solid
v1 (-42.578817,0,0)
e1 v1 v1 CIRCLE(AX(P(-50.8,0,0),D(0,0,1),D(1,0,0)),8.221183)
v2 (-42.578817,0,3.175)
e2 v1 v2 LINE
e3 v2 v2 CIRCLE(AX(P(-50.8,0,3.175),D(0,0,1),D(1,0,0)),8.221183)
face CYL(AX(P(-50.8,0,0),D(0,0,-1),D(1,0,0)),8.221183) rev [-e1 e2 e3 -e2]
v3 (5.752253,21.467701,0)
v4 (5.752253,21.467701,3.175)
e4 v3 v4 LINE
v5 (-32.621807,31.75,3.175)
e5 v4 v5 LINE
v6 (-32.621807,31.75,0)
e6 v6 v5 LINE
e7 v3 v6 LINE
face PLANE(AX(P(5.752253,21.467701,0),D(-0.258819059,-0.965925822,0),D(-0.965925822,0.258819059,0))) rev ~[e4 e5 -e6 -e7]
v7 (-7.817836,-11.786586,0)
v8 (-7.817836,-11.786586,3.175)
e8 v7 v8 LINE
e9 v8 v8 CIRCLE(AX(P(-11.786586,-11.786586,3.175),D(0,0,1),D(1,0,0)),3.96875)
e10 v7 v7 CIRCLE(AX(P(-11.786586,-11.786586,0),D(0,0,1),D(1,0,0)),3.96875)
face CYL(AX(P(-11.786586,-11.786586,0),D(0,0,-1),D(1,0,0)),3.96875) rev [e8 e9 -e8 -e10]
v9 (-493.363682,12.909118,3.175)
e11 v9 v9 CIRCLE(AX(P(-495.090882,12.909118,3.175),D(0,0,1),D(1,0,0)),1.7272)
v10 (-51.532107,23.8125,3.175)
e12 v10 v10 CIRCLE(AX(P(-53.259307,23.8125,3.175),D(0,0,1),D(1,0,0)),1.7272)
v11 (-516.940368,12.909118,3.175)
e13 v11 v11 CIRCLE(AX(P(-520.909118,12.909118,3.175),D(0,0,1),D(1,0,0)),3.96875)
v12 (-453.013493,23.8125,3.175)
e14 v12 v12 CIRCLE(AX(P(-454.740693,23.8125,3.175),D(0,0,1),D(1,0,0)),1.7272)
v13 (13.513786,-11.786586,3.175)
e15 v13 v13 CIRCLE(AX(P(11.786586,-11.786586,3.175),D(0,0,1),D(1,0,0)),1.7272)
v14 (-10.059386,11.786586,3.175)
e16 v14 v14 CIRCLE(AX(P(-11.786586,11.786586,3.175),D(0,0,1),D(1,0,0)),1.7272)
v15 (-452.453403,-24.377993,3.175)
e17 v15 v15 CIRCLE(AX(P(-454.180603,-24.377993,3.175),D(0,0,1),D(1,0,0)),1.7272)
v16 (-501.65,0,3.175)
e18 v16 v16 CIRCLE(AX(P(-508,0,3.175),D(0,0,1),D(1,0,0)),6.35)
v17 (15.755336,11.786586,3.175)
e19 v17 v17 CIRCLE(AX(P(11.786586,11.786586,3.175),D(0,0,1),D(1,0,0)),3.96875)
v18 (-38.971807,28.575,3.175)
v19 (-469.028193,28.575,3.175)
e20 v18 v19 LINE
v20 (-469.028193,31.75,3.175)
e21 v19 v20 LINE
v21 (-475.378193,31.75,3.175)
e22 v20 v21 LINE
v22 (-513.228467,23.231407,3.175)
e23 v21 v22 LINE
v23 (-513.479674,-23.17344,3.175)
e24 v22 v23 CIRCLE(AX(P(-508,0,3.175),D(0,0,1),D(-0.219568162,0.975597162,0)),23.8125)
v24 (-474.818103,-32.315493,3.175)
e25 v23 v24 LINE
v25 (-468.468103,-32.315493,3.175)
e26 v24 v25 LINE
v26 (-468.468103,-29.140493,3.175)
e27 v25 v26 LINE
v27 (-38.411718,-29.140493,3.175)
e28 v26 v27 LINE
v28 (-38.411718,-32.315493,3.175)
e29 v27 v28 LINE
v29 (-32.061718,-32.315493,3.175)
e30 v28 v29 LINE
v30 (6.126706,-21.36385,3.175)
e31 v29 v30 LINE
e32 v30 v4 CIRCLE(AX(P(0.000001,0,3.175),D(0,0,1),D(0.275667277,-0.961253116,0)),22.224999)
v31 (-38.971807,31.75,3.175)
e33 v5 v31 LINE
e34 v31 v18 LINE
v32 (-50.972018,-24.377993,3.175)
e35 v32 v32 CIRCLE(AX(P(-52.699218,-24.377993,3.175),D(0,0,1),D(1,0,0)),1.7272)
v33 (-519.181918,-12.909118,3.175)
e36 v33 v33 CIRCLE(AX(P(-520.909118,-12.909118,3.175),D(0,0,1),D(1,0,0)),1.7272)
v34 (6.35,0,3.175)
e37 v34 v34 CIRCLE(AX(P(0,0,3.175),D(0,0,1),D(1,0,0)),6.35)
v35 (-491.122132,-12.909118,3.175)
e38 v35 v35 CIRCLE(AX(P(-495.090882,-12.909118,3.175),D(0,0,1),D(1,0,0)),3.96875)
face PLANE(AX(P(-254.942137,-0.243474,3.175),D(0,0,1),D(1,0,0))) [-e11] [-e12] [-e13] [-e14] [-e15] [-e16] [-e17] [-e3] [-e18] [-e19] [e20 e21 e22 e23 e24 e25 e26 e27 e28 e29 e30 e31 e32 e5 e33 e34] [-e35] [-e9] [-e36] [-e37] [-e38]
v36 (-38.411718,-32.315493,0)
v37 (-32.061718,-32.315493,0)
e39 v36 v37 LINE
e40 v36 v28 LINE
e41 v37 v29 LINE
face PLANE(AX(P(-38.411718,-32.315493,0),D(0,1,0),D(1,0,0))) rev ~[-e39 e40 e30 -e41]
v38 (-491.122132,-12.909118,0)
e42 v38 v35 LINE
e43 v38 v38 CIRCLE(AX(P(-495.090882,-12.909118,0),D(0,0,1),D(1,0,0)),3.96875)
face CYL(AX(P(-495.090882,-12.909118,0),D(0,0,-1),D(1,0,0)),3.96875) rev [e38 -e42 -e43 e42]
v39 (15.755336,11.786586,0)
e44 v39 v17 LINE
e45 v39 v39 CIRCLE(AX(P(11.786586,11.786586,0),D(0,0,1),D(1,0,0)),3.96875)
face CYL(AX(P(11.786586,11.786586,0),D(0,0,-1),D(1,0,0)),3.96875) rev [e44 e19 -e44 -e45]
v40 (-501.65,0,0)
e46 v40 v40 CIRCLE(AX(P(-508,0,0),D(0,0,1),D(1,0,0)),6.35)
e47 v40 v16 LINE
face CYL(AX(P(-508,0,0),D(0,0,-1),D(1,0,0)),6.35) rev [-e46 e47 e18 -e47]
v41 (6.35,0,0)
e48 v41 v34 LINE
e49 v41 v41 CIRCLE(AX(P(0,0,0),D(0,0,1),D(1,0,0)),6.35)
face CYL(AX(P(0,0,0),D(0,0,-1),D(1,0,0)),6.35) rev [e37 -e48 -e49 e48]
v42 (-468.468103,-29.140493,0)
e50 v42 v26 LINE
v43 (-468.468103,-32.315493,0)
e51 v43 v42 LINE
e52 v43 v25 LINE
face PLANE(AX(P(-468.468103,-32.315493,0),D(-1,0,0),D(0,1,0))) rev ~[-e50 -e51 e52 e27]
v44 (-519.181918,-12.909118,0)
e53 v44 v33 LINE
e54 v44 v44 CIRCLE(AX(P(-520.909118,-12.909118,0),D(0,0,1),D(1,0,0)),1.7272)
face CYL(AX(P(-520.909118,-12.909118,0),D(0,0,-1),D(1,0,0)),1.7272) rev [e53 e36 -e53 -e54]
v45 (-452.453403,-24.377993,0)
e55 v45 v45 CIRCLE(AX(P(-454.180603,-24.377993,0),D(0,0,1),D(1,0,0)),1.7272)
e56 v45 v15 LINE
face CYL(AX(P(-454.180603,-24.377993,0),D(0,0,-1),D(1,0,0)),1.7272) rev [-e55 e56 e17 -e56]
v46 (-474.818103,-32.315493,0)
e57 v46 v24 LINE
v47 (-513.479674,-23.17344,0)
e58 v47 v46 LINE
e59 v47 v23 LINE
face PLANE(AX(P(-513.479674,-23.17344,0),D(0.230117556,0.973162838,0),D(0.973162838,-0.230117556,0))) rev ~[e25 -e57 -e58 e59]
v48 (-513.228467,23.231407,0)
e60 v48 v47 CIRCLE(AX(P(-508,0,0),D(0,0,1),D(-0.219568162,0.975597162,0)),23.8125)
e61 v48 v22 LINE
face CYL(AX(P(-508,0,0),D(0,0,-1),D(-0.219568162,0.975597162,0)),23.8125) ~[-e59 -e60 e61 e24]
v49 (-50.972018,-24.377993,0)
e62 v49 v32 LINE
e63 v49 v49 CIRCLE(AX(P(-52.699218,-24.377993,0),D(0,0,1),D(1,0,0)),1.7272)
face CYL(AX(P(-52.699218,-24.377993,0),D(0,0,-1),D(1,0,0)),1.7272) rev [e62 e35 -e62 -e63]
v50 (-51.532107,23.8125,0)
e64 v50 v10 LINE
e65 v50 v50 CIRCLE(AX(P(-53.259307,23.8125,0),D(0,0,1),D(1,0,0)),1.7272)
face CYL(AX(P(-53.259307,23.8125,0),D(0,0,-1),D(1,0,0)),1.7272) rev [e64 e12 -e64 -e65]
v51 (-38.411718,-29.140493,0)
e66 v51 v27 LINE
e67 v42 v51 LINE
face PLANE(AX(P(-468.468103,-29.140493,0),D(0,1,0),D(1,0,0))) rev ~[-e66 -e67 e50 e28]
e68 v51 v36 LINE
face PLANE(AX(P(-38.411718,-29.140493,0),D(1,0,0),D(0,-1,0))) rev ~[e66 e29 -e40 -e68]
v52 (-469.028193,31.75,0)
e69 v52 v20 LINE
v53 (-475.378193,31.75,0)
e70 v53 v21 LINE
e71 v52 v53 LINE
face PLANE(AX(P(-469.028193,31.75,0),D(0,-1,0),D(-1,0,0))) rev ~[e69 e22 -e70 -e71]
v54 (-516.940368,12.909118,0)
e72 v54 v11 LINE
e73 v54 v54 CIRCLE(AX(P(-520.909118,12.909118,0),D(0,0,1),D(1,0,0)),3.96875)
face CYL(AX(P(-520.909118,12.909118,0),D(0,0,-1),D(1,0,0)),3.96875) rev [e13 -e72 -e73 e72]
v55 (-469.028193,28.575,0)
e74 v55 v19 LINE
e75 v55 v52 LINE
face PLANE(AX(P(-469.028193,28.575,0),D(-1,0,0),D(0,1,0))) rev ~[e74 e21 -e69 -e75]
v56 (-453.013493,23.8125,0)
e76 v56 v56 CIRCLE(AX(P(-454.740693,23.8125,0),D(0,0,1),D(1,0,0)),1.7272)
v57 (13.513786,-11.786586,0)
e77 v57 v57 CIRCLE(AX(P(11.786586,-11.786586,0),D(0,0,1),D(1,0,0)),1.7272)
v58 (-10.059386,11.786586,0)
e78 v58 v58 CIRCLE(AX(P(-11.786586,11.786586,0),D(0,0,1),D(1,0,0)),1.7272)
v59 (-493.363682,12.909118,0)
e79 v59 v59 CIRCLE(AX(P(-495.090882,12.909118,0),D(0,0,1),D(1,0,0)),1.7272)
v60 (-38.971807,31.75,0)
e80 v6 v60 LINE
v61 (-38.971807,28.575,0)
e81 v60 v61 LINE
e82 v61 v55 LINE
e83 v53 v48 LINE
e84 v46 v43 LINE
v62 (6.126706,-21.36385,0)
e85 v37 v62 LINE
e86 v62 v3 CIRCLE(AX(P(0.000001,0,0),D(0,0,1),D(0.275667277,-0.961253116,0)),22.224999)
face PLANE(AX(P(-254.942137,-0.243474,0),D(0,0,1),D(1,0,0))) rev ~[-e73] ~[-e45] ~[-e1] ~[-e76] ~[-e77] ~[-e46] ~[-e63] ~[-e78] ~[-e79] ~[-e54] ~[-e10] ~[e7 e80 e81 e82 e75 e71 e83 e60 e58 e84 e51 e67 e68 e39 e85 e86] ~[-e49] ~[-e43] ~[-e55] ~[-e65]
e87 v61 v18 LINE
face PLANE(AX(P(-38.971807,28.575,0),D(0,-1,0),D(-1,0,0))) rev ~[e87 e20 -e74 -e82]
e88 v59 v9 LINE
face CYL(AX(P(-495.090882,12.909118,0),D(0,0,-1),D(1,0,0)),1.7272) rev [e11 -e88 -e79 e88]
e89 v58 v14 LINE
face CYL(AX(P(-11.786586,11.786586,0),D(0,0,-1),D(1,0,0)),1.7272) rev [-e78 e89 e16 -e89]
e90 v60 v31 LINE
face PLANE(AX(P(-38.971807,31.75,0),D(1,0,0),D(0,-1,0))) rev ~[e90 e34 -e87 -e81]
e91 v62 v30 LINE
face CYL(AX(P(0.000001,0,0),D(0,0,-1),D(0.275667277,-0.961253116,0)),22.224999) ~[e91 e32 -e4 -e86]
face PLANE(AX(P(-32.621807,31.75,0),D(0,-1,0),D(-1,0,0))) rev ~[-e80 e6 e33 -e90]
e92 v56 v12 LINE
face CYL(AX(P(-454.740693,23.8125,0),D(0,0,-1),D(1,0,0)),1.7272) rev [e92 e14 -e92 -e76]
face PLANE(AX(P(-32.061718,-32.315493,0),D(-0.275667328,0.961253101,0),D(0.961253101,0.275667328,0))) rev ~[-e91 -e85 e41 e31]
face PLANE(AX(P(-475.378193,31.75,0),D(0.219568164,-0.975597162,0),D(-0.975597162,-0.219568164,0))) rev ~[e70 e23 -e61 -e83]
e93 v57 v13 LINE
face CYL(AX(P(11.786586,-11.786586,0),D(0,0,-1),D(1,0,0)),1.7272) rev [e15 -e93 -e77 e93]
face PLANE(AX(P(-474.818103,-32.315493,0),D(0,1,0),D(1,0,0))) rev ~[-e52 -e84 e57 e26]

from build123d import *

# Parameters (mm, degrees)
F0_R     = 1.7272
F0_R_2   = 3.96875
F0_R_3   = 6.35
F0_R_4   = 8.221183
F1_DEPTH = 3.175


with BuildPart() as f1:
    # F0 (on Top) → F1 (new body)
    with BuildSketch(Plane.XY):
        with BuildLine():
            Line((-475.378193, 31.75), (-513.228467, 23.231407))
            ThreePointArc((-513.228467, 23.231407), (-531.812151, 0.128904), (-513.479674, -23.17344))
            Line((-513.479674, -23.17344), (-474.818103, -32.315493))
            Line((-474.818103, -32.315493), (-468.468103, -32.315493))
            Line((-468.468103, -32.315493), (-468.468103, -29.140493))
            Line((-468.468103, -29.140493), (-38.411718, -29.140493))
            Line((-38.411718, -29.140493), (-38.411718, -32.315493))
            Line((-38.411718, -32.315493), (-32.061718, -32.315493))
            Line((-32.061718, -32.315493), (6.126706, -21.36385))
            ThreePointArc((6.126706, -21.36385), (22.224151, 0.194294), (5.752253, 21.467701))
            Line((5.752253, 21.467701), (-32.621807, 31.75))
            Line((-32.621807, 31.75), (-38.971807, 31.75))
            Line((-38.971807, 31.75), (-38.971807, 28.575))
            Line((-38.971807, 28.575), (-469.028193, 28.575))
            Line((-469.028193, 28.575), (-469.028193, 31.75))
            Line((-469.028193, 31.75), (-475.378193, 31.75))
        make_face()
        with Locations((-454.180603, -24.377993)):
            Circle(F0_R, mode=Mode.SUBTRACT)
        with Locations((-520.909118, -12.909118)):
            Circle(F0_R, mode=Mode.SUBTRACT)
        with Locations((-495.090882, -12.909118)):
            Circle(F0_R_2, mode=Mode.SUBTRACT)
        with Locations((-52.699218, -24.377993)):
            Circle(F0_R, mode=Mode.SUBTRACT)
        with Locations((-11.786586, -11.786586)):
            Circle(F0_R_2, mode=Mode.SUBTRACT)
        with Locations((11.786586, -11.786586)):
            Circle(F0_R, mode=Mode.SUBTRACT)
        with Locations((-508, 0)):
            Circle(F0_R_3, mode=Mode.SUBTRACT)
        with Locations((-520.909118, 12.909118)):
            Circle(F0_R_2, mode=Mode.SUBTRACT)
        with Locations((-495.090882, 12.909118)):
            Circle(F0_R, mode=Mode.SUBTRACT)
        with Locations((-454.740693, 23.8125)):
            Circle(F0_R, mode=Mode.SUBTRACT)
        with Locations((-50.8, 0)):
            Circle(F0_R_4, mode=Mode.SUBTRACT)
        Circle(F0_R_3, mode=Mode.SUBTRACT)
        with Locations((-11.786586, 11.786586)):
            Circle(F0_R, mode=Mode.SUBTRACT)
        with Locations((11.786586, 11.786586)):
            Circle(F0_R_2, mode=Mode.SUBTRACT)
        with Locations((-53.259307, 23.8125)):
            Circle(F0_R, mode=Mode.SUBTRACT)
    extrude(amount=F1_DEPTH)


solid = f1.part
